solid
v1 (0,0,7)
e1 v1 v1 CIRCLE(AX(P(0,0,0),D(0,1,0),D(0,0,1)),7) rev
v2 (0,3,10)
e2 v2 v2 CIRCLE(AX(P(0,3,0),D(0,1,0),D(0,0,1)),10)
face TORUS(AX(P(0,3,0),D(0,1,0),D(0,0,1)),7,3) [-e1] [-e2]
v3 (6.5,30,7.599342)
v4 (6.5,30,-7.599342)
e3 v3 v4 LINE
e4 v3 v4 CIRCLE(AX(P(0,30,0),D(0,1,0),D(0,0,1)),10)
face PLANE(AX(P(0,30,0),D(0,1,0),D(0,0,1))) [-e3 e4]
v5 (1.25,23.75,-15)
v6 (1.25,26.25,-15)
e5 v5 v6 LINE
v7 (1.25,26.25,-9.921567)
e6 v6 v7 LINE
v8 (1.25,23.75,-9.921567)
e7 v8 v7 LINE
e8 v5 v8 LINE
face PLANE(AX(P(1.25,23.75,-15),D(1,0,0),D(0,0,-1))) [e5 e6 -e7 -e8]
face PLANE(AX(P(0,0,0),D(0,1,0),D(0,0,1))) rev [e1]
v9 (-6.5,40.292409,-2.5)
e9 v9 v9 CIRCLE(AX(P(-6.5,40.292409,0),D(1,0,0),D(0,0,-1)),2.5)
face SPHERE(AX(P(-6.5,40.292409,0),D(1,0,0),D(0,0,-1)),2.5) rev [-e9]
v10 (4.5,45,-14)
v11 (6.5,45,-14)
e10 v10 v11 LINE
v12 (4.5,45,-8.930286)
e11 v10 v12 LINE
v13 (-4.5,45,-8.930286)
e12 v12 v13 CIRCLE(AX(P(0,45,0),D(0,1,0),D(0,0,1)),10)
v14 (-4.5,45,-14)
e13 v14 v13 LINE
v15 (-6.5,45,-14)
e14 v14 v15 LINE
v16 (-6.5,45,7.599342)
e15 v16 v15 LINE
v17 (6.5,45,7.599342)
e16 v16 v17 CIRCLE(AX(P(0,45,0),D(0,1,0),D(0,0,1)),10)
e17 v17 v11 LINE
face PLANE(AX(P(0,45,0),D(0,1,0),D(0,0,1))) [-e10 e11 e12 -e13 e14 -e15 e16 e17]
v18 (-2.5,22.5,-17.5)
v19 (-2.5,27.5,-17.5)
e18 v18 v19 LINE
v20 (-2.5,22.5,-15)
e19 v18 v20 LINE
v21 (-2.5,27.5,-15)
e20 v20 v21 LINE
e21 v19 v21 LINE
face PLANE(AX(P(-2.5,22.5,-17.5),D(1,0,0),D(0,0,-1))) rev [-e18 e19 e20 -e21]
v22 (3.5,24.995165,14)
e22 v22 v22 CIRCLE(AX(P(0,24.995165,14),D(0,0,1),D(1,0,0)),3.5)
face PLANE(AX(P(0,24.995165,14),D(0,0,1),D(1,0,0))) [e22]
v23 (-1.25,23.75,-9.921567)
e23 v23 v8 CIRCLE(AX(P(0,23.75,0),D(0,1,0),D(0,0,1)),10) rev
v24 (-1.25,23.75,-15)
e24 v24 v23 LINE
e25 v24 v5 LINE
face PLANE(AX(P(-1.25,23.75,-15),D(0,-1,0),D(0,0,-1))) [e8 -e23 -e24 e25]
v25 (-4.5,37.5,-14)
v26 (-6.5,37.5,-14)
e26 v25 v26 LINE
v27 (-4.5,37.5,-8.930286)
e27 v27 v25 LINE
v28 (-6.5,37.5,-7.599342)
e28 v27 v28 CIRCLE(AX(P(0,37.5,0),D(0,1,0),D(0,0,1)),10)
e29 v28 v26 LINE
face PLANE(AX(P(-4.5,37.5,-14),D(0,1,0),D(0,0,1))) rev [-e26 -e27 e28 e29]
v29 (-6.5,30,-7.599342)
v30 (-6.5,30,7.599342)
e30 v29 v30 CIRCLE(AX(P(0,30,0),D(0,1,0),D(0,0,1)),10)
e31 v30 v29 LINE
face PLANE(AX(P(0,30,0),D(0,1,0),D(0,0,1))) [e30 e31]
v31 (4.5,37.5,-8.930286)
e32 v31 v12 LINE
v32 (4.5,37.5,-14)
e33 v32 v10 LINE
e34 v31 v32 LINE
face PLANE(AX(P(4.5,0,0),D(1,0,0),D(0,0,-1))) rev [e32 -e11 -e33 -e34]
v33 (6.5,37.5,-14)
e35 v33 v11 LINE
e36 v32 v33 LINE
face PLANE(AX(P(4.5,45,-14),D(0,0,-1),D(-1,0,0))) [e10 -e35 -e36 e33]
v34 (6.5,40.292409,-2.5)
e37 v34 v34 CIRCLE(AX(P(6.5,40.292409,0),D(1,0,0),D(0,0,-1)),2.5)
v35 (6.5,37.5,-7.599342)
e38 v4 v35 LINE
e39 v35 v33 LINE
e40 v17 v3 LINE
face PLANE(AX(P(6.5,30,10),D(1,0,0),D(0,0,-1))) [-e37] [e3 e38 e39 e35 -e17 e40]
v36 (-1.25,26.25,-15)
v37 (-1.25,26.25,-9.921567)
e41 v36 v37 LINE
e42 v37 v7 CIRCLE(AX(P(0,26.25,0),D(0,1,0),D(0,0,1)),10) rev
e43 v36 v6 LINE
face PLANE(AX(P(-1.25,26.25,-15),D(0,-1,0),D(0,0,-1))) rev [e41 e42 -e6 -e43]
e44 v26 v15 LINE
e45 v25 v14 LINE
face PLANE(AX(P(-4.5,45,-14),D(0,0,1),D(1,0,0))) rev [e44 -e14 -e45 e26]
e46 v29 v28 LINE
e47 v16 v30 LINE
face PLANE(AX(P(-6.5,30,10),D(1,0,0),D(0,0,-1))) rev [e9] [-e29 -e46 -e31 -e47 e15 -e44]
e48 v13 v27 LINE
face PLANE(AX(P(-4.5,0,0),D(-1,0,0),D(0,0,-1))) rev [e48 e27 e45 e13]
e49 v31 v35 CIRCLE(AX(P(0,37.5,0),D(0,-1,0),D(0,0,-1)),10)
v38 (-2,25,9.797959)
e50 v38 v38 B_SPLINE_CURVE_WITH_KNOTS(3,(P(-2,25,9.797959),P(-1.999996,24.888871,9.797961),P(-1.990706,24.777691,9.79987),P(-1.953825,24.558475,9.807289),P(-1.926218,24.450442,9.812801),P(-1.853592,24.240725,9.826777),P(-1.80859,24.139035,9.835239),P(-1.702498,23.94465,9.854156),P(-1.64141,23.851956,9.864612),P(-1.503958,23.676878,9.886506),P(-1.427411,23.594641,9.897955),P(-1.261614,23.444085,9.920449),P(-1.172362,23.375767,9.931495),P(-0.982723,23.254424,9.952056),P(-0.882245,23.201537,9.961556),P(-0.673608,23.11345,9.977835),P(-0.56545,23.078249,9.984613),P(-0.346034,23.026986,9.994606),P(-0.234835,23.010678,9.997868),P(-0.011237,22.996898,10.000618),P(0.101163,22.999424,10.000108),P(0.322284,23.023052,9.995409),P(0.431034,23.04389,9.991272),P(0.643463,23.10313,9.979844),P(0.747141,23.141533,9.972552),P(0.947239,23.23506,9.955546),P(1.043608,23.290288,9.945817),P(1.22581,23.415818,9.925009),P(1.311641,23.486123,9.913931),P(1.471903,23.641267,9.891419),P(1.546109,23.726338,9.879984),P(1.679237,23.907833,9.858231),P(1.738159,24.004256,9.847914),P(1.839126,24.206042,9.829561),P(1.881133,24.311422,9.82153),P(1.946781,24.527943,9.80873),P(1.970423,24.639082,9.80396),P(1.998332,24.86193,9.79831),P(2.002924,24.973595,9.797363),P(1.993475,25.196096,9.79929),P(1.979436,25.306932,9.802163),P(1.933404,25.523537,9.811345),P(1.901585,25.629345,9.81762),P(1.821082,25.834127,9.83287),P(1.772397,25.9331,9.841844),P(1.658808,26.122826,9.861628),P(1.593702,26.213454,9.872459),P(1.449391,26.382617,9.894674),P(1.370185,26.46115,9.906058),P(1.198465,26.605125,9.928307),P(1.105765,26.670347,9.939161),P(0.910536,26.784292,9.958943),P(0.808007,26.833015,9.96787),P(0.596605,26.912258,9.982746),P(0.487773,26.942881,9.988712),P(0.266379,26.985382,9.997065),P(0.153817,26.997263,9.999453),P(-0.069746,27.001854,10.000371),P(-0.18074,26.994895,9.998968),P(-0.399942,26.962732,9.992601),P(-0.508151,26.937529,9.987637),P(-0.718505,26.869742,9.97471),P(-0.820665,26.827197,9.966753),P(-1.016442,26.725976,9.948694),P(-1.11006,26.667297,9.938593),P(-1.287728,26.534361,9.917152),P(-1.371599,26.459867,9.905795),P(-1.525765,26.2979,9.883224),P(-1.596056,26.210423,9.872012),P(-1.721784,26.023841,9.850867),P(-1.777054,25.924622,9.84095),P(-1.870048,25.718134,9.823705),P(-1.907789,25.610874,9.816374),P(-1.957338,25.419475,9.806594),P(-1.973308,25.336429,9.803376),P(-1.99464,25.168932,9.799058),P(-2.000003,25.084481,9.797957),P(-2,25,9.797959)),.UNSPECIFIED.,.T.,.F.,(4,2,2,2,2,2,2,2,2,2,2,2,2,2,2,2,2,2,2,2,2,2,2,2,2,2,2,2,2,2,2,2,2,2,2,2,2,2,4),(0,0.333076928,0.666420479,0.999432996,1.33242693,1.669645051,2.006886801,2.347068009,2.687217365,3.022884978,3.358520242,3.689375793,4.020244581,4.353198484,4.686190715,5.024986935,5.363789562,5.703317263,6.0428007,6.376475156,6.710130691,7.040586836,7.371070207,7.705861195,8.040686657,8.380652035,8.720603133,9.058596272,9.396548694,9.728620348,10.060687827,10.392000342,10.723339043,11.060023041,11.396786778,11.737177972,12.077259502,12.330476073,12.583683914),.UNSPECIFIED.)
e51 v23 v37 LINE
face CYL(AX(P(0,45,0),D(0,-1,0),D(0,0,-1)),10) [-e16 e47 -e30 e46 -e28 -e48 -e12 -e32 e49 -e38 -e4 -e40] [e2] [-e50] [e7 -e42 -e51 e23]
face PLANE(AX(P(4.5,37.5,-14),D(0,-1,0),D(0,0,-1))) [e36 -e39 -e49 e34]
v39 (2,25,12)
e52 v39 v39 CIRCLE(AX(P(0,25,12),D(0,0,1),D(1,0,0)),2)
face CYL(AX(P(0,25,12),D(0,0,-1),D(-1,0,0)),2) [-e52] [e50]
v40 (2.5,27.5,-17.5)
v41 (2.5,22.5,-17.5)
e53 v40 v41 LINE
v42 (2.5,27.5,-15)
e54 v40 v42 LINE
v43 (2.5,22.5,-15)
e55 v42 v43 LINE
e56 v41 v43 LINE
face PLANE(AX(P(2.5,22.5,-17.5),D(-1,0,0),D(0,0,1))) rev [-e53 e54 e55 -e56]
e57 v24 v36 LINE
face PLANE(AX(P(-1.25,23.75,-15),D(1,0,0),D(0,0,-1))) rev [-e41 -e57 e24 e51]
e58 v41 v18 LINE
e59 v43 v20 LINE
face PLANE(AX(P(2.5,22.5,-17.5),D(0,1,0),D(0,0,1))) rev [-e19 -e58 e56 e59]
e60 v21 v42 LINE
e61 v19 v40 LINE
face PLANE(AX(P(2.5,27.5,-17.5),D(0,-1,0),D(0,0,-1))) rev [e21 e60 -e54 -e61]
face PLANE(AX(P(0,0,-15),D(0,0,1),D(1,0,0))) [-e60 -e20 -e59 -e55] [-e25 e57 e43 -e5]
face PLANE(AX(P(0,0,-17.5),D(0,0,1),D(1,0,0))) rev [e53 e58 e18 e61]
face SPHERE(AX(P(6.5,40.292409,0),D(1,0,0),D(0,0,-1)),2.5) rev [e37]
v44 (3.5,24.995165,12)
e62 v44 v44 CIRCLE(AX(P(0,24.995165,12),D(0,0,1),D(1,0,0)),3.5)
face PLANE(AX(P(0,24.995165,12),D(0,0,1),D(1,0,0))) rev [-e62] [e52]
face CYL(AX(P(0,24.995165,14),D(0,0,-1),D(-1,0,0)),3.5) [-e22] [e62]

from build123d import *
from build123d.topology import SkipClean

# Parameters (mm, degrees)
SKETCH1_R                            = 10
BOSS_EXTRUDE2_DEPTH                  = 45
SKETCH4_OUTSIDE_W                    = 32.63
SKETCH4_OUTSIDE_H                    = 32.63
SKETCH4_OUTSIDE_W_2                  = 13
SKETCH4_OUTSIDE_H_2                  = 20
CUT_EXTRUDE2_DEPTH                   = 15
FILLET2_R                            = 3
BOSS_EXTRUDE3_REACH                  = 52.249
BOSS_EXTRUDE3_END_RADIUS             = 10
SKETCH7_W                            = 2.5
SKETCH7_H                            = 2.5
BOSS_EXTRUDE3_DIRECTION_2_DEPTH      = 5
SKETCH8_W                            = 5
SKETCH8_H                            = 5
BOSS_EXTRUDE4_DEPTH                  = 2.5
SKETCH9_R                            = 2
BOSS_EXTRUDE6_DEPTH                  = 2
BOSS_EXTRUDE6_DIRECTION_2_REACH      = 55.677
BOSS_EXTRUDE6_DIRECTION_2_END_RADIUS = 10
SKETCH10_R                           = 3.5
BOSS_EXTRUDE7_DEPTH                  = 2
SKETCH11_W                           = 6.400657923
SKETCH11_H                           = 7.5
BOSS_EXTRUDE8_DEPTH                  = 2


with BuildPart() as part:
    # Sketch1 → Boss-Extrude2 (new body)
    with BuildSketch(Plane(origin=(0, 0, 0), x_dir=(1, 0, 0), z_dir=(0, 1, 0))):
        Circle(SKETCH1_R)
    extrude(amount=BOSS_EXTRUDE2_DEPTH)

    # Sketch4 outside → Cut-Extrude2 (cut)
    with BuildSketch(Plane(origin=(0, 45, 0), x_dir=(1, 0, 0), z_dir=(0, 1, 0))):
        Rectangle(SKETCH4_OUTSIDE_W, SKETCH4_OUTSIDE_H)
        Rectangle(SKETCH4_OUTSIDE_W_2, SKETCH4_OUTSIDE_H_2, mode=Mode.SUBTRACT)
    extrude(amount=-CUT_EXTRUDE2_DEPTH, mode=Mode.SUBTRACT)

    # Sketch5 → Cut-Revolve1 (revolve, cut)
    with BuildSketch(Plane.ZY.offset(6.5)):
        with BuildLine():
            Line((0, 42.792409201), (0, 37.792409201))
            ThreePointArc((0, 37.792409201), (-2.5, 40.292409201), (0, 42.792409201))
        make_face()
    cut_revolve1 = revolve(axis=Axis((-6.5, 42.792409201, 0), (0, -1, 0)), mode=Mode.SUBTRACT)

    # Mirror2: Cut-Revolve1 across plane
    add(cut_revolve1.mirror(Plane(origin=(0, 0, 0), x_dir=(0, 0, 1), z_dir=(1, 0, 0))), mode=Mode.SUBTRACT)

    # Fillet2
    fillet2_edges = [part.edges().sort_by_distance(p)[0] for p in [
        (-10, 0, 0),
    ]]
    fillet(fillet2_edges, radius=FILLET2_R)

    # Boss-Extrude3: up to this cylinder (the profile starts outside it)
    boss_extrude3_end = Plane(origin=(0, 25, 0), z_dir=(0, -1, 0)) * Cylinder(BOSS_EXTRUDE3_END_RADIUS, 125.498, mode=Mode.PRIVATE)
    # Sketch7 → Boss-Extrude3 (add, up to the surface)
    with BuildSketch(Plane.XY.offset(-10), mode=Mode.PRIVATE) as boss_extrude3_sk1:
        with Locations((0, 25)):
            Rectangle(SKETCH7_W, SKETCH7_H)
    boss_extrude3_tool1 = extrude(boss_extrude3_sk1.sketch, amount=BOSS_EXTRUDE3_REACH, mode=Mode.PRIVATE) - boss_extrude3_end
    add(boss_extrude3_tool1.solids().sort_by_distance((0, 25, -10))[0])
    add(boss_extrude3_tool1.solids().sort_by_distance((0, 25, -10))[1])

    # Sketch7 → Boss-Extrude3 direction 2 (add)
    with BuildSketch(Plane.XY.offset(-10)):
        with Locations((0, 25)):
            Rectangle(SKETCH7_W, SKETCH7_H)
    extrude(amount=-BOSS_EXTRUDE3_DIRECTION_2_DEPTH)

    # Sketch8 → Boss-Extrude4 (add)
    with BuildSketch(Plane(origin=(0, 0, -15), x_dir=(-1, 0, 0), z_dir=(0, 0, -1))):
        with Locations((0, 25)):
            Rectangle(SKETCH8_W, SKETCH8_H)
    extrude(amount=BOSS_EXTRUDE4_DEPTH)

    # Sketch9 → Boss-Extrude6 (add)
    with BuildSketch(Plane.XY.offset(10)):
        with Locations((0, 25)):
            Circle(SKETCH9_R)
    extrude(amount=BOSS_EXTRUDE6_DEPTH)

    # Boss-Extrude6 direction 2: up to this cylinder (the profile starts outside it)
    with SkipClean():  # the faces are left unmerged after this step: merging them gives an invalid solid
        boss_extrude6_direction_2_end = Plane(origin=(0, 25, 0), z_dir=(0, -1, 0)) * Cylinder(BOSS_EXTRUDE6_DIRECTION_2_END_RADIUS, 132.354, mode=Mode.PRIVATE)
        # Sketch9 → Boss-Extrude6 direction 2 (add, up to the surface)
        with BuildSketch(Plane.XY.offset(10), mode=Mode.PRIVATE) as boss_extrude6_direction_2_sk1:
            with Locations((0, 25)):
                Circle(SKETCH9_R)
        boss_extrude6_direction_2_tool1 = extrude(boss_extrude6_direction_2_sk1.sketch, amount=-BOSS_EXTRUDE6_DIRECTION_2_REACH, mode=Mode.PRIVATE) - boss_extrude6_direction_2_end
        add(boss_extrude6_direction_2_tool1.solids().sort_by_distance((0, 25, 10))[0])
        add(boss_extrude6_direction_2_tool1.solids().sort_by_distance((0, 25, 10))[1])

    # Sketch10 → Boss-Extrude7 (add)
    with SkipClean():  # the faces are left unmerged after this step: merging them gives an invalid solid
        with BuildSketch(Plane.XY.offset(12)):
            with Locations((0, 24.995165492)):
                Circle(SKETCH10_R)
        extrude(amount=BOSS_EXTRUDE7_DEPTH)

    # Sketch11 → Boss-Extrude8 (add)
    with SkipClean():  # the faces are left unmerged after this step: merging them gives an invalid solid
        with BuildSketch(Plane(origin=(6.5, 0, 0), x_dir=(0, 0, -1), z_dir=(1, 0, 0))):
            with Locations((10.799671038, 41.25)):
                Rectangle(SKETCH11_W, SKETCH11_H)
        boss_extrude8 = extrude(amount=-BOSS_EXTRUDE8_DEPTH)

    # Mirror3: Boss-Extrude8 across plane
    with SkipClean():  # the faces are left unmerged after this step: merging them gives an invalid solid
        add(boss_extrude8.mirror(Plane(origin=(0, 0, 0), x_dir=(0, 0, 1), z_dir=(1, 0, 0))))


solid = part.part
